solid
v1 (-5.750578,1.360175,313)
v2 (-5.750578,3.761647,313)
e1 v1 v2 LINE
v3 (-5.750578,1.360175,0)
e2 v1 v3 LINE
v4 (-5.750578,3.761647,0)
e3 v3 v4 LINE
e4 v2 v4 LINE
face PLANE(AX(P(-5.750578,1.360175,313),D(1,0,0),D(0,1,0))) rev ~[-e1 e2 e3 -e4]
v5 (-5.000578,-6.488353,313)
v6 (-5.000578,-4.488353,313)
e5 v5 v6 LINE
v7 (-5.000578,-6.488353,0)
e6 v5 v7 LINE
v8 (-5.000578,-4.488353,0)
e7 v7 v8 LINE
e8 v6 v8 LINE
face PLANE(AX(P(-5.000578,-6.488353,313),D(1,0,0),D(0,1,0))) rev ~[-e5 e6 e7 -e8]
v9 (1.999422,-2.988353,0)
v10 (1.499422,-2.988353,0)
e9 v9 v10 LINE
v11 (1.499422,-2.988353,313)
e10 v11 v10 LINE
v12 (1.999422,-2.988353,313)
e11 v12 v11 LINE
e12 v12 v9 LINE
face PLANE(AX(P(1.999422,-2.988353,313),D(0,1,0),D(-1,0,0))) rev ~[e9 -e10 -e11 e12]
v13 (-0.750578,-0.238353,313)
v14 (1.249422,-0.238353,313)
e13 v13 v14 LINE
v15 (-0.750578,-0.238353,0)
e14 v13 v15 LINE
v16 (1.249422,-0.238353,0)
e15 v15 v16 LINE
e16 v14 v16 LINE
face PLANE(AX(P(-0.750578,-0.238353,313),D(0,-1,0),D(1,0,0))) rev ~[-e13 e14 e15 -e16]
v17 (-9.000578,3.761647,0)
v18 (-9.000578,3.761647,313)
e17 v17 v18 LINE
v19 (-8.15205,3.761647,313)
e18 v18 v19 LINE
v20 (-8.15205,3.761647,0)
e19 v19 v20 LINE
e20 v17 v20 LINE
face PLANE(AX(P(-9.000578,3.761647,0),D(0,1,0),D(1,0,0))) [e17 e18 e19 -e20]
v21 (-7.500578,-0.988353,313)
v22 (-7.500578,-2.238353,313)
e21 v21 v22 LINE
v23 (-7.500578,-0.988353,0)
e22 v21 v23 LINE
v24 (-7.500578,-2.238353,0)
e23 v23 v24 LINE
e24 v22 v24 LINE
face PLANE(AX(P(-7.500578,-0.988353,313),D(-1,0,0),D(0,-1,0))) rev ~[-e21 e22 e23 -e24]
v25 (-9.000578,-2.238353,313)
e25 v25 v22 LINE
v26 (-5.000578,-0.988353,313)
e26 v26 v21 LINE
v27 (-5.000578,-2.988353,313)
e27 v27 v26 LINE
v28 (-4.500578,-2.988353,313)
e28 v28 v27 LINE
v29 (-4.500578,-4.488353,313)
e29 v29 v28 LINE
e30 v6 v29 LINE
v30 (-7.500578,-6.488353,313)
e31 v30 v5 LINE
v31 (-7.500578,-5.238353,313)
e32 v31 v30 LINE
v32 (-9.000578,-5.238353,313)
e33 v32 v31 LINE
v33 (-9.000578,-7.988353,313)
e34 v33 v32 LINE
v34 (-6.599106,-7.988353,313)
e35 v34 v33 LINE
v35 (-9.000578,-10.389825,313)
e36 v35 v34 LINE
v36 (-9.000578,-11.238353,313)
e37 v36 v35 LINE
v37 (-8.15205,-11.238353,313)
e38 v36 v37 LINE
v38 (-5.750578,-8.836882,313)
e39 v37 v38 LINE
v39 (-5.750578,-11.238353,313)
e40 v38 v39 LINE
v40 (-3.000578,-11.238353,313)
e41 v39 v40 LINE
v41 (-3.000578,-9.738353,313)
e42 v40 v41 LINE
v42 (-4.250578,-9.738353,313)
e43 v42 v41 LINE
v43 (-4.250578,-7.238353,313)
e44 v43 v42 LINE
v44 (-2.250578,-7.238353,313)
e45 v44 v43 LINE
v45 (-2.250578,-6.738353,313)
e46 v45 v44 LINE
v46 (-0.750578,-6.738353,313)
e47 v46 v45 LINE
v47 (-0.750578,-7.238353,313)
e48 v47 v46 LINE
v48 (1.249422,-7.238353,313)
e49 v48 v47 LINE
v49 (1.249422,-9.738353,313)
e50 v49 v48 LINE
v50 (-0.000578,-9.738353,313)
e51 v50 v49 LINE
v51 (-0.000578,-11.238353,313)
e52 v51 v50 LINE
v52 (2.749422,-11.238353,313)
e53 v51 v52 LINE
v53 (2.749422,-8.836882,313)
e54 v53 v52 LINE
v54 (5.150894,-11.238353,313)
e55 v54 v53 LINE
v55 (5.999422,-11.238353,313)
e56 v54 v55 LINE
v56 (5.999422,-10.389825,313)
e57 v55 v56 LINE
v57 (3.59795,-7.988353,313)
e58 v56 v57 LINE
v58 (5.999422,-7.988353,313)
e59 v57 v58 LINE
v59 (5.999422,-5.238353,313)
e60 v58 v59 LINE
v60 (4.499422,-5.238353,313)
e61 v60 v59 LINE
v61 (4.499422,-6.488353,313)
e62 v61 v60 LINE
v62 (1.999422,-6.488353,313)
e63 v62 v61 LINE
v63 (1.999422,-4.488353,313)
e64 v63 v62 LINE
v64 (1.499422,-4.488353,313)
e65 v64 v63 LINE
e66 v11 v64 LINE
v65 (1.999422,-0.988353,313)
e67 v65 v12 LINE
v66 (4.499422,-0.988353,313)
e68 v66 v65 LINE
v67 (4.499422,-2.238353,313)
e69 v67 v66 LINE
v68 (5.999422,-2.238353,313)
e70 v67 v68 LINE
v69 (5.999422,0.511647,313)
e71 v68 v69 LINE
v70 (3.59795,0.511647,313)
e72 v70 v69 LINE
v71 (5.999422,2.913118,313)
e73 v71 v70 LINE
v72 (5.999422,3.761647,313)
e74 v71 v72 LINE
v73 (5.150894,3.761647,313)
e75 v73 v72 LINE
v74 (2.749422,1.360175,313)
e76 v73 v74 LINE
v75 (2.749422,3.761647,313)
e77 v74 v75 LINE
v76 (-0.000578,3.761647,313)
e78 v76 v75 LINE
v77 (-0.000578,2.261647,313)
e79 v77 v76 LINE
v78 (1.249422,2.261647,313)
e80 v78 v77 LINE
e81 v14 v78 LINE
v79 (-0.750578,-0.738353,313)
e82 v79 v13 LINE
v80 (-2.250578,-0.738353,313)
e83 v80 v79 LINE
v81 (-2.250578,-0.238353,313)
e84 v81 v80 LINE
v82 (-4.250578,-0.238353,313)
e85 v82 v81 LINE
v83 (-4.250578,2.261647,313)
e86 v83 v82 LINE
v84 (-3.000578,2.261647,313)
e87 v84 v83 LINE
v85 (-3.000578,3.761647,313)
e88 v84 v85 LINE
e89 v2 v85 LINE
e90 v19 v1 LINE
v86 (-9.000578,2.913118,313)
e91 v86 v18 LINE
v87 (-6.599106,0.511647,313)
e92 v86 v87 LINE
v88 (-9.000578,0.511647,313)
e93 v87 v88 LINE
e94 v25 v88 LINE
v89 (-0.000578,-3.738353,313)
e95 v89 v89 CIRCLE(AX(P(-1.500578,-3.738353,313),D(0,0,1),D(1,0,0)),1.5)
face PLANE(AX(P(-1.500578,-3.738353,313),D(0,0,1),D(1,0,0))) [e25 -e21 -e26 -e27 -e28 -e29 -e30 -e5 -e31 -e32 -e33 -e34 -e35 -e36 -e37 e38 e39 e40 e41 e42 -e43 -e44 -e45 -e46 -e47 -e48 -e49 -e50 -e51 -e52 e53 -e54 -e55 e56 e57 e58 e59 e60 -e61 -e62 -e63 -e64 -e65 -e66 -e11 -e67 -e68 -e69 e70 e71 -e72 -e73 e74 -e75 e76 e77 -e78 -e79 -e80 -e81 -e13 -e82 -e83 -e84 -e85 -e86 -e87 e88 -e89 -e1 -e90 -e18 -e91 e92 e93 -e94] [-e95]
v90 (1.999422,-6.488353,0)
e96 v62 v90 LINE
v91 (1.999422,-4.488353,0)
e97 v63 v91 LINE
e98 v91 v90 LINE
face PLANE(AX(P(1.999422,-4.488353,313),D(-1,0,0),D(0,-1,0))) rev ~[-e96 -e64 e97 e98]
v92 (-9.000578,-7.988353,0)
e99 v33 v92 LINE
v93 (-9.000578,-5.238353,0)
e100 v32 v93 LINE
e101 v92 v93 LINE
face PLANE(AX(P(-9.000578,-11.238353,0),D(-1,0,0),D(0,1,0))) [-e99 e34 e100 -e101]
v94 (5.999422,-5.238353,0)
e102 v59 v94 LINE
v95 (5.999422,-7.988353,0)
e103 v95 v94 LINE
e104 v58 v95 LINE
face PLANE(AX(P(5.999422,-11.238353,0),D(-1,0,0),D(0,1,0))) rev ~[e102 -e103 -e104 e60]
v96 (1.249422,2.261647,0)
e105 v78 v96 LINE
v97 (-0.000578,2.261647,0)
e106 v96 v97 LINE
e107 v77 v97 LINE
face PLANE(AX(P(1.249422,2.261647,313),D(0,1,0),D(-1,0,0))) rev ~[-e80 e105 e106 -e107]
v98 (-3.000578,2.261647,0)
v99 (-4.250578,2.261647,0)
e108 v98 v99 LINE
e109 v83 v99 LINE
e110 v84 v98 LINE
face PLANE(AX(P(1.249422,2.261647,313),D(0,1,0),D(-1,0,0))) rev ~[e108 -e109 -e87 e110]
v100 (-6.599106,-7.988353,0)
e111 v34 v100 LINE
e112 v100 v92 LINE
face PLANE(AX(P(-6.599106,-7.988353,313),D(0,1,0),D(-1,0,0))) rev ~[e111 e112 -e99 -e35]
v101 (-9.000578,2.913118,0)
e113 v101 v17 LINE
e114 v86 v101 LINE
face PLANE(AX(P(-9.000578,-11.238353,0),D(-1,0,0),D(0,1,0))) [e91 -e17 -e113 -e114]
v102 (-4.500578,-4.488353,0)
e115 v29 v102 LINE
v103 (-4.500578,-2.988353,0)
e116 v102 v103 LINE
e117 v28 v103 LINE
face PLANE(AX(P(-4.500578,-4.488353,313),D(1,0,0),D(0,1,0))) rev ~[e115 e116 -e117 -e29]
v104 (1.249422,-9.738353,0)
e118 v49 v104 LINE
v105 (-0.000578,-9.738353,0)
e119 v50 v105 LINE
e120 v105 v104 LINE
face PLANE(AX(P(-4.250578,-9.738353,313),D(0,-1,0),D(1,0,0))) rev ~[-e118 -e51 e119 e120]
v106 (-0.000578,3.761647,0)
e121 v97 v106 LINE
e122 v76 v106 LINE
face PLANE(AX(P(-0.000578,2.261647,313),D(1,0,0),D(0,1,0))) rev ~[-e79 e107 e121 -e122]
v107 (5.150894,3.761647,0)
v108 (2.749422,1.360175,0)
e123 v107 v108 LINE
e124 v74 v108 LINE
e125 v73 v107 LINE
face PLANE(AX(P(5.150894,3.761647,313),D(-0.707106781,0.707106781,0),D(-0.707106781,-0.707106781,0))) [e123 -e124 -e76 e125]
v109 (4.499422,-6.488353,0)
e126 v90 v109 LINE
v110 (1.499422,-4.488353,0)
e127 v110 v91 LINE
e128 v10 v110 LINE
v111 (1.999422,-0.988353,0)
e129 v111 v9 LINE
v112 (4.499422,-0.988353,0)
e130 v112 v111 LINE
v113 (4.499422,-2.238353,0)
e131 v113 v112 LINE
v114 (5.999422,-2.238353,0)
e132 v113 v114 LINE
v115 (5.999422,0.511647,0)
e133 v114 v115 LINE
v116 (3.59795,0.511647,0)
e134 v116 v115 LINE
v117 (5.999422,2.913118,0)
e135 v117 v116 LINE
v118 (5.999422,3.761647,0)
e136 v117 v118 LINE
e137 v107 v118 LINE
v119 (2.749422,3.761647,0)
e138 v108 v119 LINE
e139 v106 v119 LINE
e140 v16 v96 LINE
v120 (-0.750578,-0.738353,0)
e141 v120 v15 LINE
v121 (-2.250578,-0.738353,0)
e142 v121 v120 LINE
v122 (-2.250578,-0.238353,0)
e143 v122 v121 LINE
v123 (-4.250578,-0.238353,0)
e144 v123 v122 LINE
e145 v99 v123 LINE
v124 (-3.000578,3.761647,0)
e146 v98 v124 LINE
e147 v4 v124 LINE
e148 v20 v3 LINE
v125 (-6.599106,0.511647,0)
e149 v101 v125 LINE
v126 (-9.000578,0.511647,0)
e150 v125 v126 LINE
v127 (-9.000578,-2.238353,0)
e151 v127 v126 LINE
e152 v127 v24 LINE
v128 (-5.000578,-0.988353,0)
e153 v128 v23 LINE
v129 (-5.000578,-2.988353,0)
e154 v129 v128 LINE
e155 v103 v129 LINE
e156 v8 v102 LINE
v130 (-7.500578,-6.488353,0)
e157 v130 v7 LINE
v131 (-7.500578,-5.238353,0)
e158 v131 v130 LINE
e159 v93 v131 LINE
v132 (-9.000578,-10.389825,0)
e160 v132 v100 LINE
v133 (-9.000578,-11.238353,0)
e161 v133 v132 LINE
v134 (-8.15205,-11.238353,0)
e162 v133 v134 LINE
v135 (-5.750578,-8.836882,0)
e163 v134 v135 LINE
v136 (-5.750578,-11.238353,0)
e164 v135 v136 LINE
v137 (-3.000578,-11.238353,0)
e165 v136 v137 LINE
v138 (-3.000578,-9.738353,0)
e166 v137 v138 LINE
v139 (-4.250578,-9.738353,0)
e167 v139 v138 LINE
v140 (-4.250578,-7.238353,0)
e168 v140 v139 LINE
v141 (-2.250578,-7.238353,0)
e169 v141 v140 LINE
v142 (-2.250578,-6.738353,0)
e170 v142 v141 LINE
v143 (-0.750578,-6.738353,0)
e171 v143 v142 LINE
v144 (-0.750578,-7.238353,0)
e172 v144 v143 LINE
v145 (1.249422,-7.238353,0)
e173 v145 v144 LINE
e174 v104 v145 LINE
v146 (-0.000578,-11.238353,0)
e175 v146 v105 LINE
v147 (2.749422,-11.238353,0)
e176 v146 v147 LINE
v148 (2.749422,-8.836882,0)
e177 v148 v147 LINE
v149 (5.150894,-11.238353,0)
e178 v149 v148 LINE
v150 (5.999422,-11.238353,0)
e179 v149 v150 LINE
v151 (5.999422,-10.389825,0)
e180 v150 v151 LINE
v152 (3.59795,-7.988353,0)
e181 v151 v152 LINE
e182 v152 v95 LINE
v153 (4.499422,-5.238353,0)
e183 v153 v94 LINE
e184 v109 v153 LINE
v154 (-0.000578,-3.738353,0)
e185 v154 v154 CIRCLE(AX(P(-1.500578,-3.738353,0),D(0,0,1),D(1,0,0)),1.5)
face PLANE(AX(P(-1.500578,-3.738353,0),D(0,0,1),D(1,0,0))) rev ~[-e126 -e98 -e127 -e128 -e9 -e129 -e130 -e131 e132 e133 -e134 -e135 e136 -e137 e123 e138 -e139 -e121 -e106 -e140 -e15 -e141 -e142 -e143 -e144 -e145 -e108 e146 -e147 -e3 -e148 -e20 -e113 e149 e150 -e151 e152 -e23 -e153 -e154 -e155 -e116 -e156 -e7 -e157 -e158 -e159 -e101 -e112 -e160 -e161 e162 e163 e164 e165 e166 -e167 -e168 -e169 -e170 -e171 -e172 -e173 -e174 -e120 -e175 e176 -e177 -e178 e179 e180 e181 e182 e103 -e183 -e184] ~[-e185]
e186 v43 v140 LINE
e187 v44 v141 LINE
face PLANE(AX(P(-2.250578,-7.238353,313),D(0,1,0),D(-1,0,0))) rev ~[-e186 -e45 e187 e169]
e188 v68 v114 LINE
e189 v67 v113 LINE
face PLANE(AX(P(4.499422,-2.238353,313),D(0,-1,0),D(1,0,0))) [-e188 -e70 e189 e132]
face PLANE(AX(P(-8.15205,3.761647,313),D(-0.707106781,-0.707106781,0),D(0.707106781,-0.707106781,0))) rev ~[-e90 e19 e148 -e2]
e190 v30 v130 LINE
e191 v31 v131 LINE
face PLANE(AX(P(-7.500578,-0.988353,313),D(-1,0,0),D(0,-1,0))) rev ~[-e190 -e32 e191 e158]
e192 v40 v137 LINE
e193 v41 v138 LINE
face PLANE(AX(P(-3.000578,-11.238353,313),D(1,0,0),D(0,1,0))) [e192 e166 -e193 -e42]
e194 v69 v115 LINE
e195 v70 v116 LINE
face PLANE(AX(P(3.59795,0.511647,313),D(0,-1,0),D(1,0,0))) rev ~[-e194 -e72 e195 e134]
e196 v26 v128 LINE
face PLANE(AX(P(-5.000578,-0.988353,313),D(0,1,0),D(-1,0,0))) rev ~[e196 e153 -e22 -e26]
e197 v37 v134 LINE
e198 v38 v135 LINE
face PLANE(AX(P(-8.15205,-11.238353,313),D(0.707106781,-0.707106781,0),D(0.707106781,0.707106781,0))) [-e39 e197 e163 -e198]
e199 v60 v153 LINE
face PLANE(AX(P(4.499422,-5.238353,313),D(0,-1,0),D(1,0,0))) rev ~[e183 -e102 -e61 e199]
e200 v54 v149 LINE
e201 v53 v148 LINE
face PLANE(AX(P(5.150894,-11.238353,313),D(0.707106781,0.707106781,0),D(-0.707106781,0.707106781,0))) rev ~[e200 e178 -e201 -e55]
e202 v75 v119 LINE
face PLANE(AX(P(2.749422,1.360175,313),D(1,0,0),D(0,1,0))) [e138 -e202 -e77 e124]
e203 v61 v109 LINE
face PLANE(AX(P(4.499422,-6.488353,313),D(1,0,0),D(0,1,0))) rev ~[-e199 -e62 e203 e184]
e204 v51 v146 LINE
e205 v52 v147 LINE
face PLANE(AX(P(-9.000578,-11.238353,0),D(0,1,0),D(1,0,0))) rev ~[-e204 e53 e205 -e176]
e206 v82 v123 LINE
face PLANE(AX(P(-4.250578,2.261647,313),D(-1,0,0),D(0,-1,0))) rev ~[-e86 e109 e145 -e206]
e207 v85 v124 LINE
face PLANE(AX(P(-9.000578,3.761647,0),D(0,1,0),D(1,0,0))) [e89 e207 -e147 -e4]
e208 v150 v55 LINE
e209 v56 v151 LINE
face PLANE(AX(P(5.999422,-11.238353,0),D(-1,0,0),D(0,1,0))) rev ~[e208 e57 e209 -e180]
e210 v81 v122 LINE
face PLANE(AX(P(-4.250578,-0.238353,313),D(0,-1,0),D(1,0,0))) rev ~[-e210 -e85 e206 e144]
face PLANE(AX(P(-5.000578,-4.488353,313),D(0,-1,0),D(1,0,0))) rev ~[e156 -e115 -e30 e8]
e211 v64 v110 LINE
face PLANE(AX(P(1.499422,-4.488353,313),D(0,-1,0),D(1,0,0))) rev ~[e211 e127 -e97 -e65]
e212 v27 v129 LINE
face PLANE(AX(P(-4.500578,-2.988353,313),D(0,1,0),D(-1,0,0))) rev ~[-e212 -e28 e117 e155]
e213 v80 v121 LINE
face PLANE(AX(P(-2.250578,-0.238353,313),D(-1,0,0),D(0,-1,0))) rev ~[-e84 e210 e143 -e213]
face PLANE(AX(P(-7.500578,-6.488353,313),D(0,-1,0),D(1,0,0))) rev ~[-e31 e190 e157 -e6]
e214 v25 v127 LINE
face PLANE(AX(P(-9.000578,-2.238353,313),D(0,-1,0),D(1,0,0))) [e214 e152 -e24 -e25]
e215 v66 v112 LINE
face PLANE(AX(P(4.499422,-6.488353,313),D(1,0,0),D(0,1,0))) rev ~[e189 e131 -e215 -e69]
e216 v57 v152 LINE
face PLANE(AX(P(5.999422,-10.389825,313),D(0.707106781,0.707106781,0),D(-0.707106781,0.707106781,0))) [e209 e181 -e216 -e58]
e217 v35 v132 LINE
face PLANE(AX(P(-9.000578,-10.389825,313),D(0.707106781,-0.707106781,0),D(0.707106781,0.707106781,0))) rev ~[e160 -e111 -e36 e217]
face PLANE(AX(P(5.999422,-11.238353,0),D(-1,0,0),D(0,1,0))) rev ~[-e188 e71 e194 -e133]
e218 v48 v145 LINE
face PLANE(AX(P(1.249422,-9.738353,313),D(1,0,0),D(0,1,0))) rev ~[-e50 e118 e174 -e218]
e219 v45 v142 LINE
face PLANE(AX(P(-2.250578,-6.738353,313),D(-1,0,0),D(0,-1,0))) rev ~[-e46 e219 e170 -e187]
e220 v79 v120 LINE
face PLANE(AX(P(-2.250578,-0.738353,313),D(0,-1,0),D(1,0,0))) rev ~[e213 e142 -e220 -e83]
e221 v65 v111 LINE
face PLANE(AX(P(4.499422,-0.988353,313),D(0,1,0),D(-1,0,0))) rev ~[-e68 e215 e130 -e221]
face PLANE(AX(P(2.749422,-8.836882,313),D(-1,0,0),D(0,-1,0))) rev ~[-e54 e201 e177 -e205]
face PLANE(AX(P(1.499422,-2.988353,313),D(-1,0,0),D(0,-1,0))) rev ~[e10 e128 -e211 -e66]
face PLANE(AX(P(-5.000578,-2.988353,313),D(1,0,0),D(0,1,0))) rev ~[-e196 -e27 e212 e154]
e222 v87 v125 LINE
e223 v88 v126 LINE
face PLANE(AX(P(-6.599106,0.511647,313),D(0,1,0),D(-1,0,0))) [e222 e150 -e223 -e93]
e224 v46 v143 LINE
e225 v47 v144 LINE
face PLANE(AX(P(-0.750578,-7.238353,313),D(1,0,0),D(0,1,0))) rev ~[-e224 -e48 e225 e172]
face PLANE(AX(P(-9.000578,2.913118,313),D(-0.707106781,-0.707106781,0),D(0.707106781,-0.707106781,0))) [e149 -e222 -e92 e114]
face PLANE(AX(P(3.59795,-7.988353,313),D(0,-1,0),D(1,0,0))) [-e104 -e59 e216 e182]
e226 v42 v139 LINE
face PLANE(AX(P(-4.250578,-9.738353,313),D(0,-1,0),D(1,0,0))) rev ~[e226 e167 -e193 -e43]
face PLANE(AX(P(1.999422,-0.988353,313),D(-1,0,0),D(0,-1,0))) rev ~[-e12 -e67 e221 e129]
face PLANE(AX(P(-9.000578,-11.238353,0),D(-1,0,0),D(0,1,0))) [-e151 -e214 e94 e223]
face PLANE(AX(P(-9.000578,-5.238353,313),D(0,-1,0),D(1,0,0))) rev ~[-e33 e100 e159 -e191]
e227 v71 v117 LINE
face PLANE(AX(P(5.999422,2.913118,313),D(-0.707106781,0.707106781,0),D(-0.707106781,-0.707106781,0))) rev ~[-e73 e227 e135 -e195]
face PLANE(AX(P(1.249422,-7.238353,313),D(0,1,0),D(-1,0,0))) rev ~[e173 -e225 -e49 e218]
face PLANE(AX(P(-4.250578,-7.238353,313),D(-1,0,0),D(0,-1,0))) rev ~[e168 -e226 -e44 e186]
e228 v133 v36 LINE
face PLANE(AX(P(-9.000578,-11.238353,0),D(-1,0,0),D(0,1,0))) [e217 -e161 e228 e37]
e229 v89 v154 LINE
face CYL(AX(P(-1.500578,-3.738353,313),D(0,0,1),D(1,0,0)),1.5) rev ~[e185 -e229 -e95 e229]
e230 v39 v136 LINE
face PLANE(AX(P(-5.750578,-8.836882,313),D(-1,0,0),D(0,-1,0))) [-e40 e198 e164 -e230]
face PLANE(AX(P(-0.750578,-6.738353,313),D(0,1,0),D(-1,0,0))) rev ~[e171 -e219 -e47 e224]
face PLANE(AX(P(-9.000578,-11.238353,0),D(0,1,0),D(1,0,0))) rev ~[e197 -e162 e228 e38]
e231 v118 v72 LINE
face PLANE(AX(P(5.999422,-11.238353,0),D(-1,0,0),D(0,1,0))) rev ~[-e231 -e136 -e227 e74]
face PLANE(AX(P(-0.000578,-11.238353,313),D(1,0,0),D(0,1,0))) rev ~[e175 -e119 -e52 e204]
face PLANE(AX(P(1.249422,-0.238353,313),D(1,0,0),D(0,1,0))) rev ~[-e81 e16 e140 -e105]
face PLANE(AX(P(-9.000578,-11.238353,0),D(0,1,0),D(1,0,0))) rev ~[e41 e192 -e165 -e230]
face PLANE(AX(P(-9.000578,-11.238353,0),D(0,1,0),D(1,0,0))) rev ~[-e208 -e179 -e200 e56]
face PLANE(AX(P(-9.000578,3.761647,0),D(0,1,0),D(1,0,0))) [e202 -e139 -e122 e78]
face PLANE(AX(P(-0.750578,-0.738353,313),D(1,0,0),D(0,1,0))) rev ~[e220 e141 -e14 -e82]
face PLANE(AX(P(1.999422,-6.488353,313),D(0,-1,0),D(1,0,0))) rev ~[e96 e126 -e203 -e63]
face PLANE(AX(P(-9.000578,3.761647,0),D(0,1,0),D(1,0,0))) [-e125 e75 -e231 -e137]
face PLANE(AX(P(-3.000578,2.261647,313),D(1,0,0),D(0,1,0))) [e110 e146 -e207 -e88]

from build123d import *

# Parameters (mm, degrees)
SKETCH1_W           = 15
SKETCH1_H           = 15
BOSS_EXTRUDE1_DEPTH = 313
SKETCH2_R           = 1.5
CUT_EXTRUDE1_DEPTH  = 313
SKETCH3_W           = 3
SKETCH3_H           = 1.5
SKETCH3_W_2         = 1.5
SKETCH3_H_2         = 3
CUT_EXTRUDE2_DEPTH  = 313


with BuildPart() as part:
    # Sketch1 → Boss-Extrude1 (new body)
    with BuildSketch(Plane.XY):
        with Locations((-1.500578266, -3.738353388)):
            Rectangle(SKETCH1_W, SKETCH1_H)
    extrude(amount=BOSS_EXTRUDE1_DEPTH)

    # Sketch2 → Cut-Extrude1 (cut)
    with BuildSketch(Plane.XY.offset(313)):
        with Locations((-1.500578266, -3.738353388)):
            Circle(SKETCH2_R)
        Polygon((1.999421734, -4.488353388), (1.999421734, -6.488353388), (4.499421734, -6.488353388), (4.499421734, -0.988353388), (1.999421734, -0.988353388), (1.999421734, -2.988353388), (1.499421734, -2.988353388), (1.499421734, -4.488353388), align=None)
        Polygon((-4.250578266, -7.238353388), (-4.250578266, -9.738353388), (1.249421734, -9.738353388), (1.249421734, -7.238353388), (-0.750578266, -7.238353388), (-0.750578266, -6.738353388), (-2.250578266, -6.738353388), (-2.250578266, -7.238353388), align=None)
        Polygon((-5.000578266, -0.988353388), (-7.500578266, -0.988353388), (-7.500578266, -6.488353388), (-5.000578266, -6.488353388), (-5.000578266, -4.488353388), (-4.500578266, -4.488353388), (-4.500578266, -2.988353388), (-5.000578266, -2.988353388), align=None)
        Polygon((1.249421734, -0.238353388), (1.249421734, 2.261646612), (-4.250578266, 2.261646612), (-4.250578266, -0.238353388), (-2.250578266, -0.238353388), (-2.250578266, -0.738353388), (-0.750578266, -0.738353388), (-0.750578266, -0.238353388), align=None)
    extrude(amount=-CUT_EXTRUDE1_DEPTH, mode=Mode.SUBTRACT)

    # Sketch3 → Cut-Extrude2 (cut)
    with BuildSketch(Plane.XY.offset(313)):
        Polygon((5.150893596, 3.761646612), (2.749421734, 1.360174749), (2.749421734, 3.761646612), align=None)
        Polygon((5.999421734, 0.511646612), (5.999421734, 2.913118474), (3.597949871, 0.511646612), align=None)
        with Locations((-1.500578266, 3.011646612)):
            Rectangle(SKETCH3_W, SKETCH3_H)
        Polygon((2.749421734, -8.836881526), (2.749421734, -11.238353388), (5.150893596, -11.238353388), align=None)
        Polygon((5.999421734, -10.389825251), (3.597949871, -7.988353388), (5.999421734, -7.988353388), align=None)
        with Locations((5.249421734, -3.738353388)):
            Rectangle(SKETCH3_W_2, SKETCH3_H_2)
        Polygon((-6.599106404, -7.988353388), (-9.000578266, -7.988353388), (-9.000578266, -10.389825251), align=None)
        Polygon((-8.152050129, -11.238353388), (-5.750578266, -8.836881526), (-5.750578266, -11.238353388), align=None)
        with Locations((-1.500578266, -10.488353388)):
            Rectangle(SKETCH3_W, SKETCH3_H)
        Polygon((-5.750578266, 1.360174749), (-5.750578266, 3.761646612), (-8.152050129, 3.761646612), align=None)
        Polygon((-9.000578266, 2.913118474), (-6.599106404, 0.511646612), (-9.000578266, 0.511646612), align=None)
        with Locations((-8.250578266, -3.738353388)):
            Rectangle(SKETCH3_W_2, SKETCH3_H_2)
    extrude(amount=-CUT_EXTRUDE2_DEPTH, mode=Mode.SUBTRACT)


solid = part.part
